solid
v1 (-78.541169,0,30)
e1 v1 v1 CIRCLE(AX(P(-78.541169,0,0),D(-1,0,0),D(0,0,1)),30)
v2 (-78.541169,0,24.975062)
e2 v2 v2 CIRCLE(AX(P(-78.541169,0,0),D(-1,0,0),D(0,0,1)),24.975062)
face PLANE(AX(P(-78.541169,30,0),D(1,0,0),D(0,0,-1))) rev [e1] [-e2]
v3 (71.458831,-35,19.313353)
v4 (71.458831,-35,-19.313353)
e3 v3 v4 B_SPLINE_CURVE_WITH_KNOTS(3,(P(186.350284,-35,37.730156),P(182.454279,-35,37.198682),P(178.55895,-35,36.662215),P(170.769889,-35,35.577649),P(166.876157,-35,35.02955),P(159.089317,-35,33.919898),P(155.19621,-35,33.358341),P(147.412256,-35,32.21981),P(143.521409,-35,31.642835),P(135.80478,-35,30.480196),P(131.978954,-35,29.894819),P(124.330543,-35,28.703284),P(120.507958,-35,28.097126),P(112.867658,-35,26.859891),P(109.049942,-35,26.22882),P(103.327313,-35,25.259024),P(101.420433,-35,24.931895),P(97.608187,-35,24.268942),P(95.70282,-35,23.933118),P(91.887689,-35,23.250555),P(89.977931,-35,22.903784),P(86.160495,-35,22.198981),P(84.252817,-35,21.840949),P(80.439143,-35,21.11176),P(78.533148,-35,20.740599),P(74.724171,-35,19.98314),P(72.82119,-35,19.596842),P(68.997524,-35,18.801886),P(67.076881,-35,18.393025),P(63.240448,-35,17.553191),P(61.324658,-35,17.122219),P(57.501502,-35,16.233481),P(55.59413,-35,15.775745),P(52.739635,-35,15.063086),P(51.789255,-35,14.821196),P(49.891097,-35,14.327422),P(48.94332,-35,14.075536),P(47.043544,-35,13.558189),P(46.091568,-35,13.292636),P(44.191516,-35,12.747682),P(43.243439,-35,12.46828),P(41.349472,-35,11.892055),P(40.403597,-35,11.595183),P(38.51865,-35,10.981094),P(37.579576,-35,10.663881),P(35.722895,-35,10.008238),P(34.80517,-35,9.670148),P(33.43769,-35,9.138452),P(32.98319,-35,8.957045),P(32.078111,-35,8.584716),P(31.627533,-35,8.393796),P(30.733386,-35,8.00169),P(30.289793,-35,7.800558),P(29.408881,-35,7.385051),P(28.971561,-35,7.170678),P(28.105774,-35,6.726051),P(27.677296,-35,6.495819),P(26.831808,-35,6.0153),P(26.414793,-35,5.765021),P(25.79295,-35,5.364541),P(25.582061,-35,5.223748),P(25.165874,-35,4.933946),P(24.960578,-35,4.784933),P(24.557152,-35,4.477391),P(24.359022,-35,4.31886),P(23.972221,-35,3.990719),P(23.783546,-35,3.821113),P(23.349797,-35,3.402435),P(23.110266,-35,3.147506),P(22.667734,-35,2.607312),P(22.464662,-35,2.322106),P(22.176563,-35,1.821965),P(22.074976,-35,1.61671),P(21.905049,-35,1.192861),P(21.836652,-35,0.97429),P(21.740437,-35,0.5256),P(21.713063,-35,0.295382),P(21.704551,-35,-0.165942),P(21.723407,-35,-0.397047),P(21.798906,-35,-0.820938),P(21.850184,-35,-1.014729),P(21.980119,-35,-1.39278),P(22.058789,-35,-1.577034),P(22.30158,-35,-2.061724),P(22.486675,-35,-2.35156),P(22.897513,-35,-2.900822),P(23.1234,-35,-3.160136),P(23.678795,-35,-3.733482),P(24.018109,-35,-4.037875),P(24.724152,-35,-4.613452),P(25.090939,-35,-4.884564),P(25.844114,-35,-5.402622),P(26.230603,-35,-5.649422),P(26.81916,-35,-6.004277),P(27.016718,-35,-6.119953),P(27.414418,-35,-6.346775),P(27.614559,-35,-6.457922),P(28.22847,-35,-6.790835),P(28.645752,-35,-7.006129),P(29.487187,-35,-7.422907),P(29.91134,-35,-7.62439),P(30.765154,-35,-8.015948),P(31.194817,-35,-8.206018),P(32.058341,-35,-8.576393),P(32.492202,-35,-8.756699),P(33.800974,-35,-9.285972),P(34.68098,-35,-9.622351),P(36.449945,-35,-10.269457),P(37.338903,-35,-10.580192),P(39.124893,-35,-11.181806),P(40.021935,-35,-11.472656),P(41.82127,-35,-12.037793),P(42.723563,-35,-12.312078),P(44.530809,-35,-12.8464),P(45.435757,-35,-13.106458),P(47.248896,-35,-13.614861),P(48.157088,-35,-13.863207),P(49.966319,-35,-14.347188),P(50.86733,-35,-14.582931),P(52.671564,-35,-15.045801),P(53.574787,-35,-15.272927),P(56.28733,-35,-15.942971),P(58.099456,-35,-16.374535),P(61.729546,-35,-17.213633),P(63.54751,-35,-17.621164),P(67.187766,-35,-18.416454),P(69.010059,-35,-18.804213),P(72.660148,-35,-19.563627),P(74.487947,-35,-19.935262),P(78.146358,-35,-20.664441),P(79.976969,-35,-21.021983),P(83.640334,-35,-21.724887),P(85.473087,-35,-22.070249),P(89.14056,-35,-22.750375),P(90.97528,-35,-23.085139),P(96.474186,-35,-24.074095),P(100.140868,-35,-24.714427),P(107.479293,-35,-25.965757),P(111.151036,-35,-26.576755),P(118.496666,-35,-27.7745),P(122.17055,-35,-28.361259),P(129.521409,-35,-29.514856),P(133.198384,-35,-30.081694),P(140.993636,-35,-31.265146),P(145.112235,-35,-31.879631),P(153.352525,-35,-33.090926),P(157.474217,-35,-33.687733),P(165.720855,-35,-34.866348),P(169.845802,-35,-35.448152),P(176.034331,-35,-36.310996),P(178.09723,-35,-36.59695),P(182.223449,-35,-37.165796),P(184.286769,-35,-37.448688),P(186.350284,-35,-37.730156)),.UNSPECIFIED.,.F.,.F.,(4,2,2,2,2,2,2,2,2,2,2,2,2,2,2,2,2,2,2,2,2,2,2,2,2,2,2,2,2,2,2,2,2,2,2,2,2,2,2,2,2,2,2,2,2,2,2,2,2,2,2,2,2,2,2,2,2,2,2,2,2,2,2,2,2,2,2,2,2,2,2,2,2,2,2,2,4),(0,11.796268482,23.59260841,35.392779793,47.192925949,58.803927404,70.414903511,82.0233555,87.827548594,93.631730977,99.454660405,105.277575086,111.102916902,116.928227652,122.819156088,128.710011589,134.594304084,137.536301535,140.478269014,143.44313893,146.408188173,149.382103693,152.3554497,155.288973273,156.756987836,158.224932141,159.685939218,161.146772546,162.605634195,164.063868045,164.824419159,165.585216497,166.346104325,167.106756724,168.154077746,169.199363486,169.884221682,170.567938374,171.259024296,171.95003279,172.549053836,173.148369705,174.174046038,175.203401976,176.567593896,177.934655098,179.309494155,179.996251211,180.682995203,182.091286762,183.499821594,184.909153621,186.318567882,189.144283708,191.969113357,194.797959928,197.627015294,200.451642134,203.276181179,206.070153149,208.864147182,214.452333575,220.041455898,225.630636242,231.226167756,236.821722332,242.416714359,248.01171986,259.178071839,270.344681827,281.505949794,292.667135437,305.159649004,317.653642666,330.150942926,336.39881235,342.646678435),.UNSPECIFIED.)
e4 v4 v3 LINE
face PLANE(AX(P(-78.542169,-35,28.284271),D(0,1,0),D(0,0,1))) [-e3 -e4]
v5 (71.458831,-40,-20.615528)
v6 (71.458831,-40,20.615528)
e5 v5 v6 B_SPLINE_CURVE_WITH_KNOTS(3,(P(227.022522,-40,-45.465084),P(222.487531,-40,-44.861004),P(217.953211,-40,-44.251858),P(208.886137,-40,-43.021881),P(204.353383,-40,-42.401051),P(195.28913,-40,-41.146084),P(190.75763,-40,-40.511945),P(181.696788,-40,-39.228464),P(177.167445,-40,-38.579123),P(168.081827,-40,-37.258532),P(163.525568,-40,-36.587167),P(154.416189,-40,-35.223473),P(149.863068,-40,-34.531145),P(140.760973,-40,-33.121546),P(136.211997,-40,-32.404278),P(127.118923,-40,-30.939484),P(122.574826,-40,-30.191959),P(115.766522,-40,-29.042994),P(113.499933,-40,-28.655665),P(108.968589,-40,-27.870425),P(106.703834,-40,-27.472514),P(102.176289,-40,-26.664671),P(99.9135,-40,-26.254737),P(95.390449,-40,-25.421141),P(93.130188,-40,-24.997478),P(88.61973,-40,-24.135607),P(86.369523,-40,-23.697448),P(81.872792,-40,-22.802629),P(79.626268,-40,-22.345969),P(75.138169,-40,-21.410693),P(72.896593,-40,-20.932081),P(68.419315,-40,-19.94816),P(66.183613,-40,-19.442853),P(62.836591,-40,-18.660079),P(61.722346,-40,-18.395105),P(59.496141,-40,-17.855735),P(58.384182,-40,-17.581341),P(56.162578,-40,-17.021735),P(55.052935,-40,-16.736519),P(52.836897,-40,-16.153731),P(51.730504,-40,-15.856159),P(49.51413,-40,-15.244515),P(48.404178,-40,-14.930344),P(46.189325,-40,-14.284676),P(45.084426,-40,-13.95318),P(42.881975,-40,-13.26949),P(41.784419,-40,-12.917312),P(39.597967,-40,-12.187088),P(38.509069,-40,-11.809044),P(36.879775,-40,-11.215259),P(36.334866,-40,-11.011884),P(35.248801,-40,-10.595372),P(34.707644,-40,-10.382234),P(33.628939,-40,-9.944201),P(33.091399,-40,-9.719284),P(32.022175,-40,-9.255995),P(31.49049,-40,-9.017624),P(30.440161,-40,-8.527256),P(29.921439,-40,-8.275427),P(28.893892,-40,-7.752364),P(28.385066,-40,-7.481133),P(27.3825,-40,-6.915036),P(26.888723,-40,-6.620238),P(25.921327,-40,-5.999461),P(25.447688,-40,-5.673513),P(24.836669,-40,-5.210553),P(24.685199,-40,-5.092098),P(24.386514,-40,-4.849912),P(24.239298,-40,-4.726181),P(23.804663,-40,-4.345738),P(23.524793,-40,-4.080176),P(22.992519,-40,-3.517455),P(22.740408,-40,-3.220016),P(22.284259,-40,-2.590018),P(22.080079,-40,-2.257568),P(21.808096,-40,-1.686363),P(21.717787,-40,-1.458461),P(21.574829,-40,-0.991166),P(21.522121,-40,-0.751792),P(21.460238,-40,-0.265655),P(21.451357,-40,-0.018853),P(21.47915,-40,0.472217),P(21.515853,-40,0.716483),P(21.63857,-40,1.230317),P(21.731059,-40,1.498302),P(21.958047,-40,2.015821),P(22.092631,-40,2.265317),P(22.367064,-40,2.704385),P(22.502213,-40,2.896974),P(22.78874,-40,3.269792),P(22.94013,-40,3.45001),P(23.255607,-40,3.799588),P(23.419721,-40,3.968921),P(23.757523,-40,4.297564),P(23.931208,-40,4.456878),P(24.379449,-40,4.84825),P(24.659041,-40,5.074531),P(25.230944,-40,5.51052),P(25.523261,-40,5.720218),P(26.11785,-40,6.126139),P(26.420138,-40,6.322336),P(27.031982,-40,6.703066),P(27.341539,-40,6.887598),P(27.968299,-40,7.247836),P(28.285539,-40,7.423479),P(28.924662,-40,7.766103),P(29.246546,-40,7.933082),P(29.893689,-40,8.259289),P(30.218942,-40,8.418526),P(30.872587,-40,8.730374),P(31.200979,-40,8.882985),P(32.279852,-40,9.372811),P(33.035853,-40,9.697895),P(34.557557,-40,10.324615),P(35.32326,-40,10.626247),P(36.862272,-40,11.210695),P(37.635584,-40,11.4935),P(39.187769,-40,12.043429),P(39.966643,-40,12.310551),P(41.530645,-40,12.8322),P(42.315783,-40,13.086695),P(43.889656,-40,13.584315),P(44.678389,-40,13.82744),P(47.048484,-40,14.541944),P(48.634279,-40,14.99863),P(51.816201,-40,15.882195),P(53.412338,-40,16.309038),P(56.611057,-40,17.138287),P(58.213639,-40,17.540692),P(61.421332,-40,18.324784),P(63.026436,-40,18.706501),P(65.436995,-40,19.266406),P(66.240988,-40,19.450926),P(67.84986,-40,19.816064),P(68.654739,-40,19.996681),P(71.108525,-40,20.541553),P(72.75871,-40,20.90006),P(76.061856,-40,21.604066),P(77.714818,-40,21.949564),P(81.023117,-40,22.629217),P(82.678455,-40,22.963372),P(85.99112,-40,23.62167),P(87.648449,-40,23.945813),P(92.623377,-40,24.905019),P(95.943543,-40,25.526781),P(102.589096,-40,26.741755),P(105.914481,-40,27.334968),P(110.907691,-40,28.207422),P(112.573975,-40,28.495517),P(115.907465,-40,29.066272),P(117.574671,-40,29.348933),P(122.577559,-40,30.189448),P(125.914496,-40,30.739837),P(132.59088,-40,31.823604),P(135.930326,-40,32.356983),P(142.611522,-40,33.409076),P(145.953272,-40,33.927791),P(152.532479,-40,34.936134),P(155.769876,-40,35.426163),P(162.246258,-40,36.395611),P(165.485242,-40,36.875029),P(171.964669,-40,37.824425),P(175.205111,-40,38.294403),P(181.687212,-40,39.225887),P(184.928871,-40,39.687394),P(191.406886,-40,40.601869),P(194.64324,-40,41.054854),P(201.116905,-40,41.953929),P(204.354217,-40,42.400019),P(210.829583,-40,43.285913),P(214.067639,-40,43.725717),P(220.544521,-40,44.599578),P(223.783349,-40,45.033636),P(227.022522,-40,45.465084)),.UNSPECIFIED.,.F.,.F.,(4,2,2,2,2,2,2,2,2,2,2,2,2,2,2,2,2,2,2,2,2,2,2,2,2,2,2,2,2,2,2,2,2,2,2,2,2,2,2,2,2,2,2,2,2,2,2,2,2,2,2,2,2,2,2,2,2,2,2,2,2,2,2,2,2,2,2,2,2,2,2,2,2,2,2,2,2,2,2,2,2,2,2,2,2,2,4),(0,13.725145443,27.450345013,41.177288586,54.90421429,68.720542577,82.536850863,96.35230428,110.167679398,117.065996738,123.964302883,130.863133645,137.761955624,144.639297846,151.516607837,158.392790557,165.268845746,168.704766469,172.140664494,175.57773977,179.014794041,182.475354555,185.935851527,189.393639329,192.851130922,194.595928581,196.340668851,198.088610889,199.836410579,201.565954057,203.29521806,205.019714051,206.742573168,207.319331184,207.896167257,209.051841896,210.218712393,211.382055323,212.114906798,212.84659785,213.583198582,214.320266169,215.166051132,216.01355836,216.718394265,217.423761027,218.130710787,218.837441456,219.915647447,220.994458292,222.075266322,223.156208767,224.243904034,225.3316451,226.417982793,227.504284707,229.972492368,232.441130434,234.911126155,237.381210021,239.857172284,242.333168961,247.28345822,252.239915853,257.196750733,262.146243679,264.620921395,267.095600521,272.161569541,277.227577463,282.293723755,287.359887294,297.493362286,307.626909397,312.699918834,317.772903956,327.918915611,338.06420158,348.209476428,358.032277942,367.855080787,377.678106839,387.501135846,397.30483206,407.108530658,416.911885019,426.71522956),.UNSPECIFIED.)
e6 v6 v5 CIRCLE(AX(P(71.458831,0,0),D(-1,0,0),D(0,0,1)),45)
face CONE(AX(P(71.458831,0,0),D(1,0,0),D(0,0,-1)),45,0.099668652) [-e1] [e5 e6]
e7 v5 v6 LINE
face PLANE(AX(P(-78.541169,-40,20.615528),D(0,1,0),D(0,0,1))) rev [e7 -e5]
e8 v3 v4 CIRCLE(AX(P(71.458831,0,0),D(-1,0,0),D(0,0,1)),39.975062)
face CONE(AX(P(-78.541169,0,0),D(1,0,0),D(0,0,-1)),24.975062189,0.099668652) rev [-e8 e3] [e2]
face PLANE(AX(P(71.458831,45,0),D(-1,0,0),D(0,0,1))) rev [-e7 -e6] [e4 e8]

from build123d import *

# Parameters (mm, degrees)
BOSS_EXTRUDE1_REACH = 164.942
CUT_EXTRUDE1_DEPTH  = 163.941707368


with BuildPart() as part:
    # Sketch1 → Revolve1 (revolve)
    with BuildSketch(Plane.XY, mode=Mode.PRIVATE) as revolve1_sk:
        Polygon((-78.541169384, 30), (71.458830616, 45), (71.458830616, 39.975062189), (-78.541169384, 24.975062189), align=None)
    revolve(revolve1_sk.sketch.rotate(Axis((-78.541169384, 0, 0), (1, 0, 0)), 90), axis=Axis((-78.541169384, 0, 0), (1, 0, 0)))

    # Sketch3 → Boss-Extrude1 (add, up to next)
    with BuildSketch(Plane(origin=(71.458830616, 0, 0), x_dir=(0, 0, -1), z_dir=(1, 0, 0)), mode=Mode.PRIVATE) as boss_extrude1_sk1:
        with BuildLine():
            Line((-20.615528128, -40), (20.615528128, -40))
            ThreePointArc((20.615528128, -40), (24.577379737, -37.69552235), (28.284271247, -35))
            Line((28.284271247, -35), (-28.284271247, -35))
            ThreePointArc((-28.284271247, -35), (-24.577379737, -37.69552235), (-20.615528128, -40))
        make_face()
    boss_extrude1_tool1 = extrude(boss_extrude1_sk1.sketch, amount=-BOSS_EXTRUDE1_REACH, mode=Mode.PRIVATE) - part.part
    add(boss_extrude1_tool1.solids().sort_by_distance((71.458831, -37.37172, 0))[0])

    # Sketch4 → Cut-Extrude1 (cut, through all)
    with BuildSketch(Plane(origin=(71.458830616, 0, 0), x_dir=(0, 0, -1), z_dir=(1, 0, 0))):
        with BuildLine():
            Line((-20.615528128, -40), (20.615528128, -40))
            ThreePointArc((20.615528128, -40), (0, -45), (-20.615528128, -40))
        make_face()
    extrude(amount=-CUT_EXTRUDE1_DEPTH, mode=Mode.SUBTRACT)


solid = part.part
